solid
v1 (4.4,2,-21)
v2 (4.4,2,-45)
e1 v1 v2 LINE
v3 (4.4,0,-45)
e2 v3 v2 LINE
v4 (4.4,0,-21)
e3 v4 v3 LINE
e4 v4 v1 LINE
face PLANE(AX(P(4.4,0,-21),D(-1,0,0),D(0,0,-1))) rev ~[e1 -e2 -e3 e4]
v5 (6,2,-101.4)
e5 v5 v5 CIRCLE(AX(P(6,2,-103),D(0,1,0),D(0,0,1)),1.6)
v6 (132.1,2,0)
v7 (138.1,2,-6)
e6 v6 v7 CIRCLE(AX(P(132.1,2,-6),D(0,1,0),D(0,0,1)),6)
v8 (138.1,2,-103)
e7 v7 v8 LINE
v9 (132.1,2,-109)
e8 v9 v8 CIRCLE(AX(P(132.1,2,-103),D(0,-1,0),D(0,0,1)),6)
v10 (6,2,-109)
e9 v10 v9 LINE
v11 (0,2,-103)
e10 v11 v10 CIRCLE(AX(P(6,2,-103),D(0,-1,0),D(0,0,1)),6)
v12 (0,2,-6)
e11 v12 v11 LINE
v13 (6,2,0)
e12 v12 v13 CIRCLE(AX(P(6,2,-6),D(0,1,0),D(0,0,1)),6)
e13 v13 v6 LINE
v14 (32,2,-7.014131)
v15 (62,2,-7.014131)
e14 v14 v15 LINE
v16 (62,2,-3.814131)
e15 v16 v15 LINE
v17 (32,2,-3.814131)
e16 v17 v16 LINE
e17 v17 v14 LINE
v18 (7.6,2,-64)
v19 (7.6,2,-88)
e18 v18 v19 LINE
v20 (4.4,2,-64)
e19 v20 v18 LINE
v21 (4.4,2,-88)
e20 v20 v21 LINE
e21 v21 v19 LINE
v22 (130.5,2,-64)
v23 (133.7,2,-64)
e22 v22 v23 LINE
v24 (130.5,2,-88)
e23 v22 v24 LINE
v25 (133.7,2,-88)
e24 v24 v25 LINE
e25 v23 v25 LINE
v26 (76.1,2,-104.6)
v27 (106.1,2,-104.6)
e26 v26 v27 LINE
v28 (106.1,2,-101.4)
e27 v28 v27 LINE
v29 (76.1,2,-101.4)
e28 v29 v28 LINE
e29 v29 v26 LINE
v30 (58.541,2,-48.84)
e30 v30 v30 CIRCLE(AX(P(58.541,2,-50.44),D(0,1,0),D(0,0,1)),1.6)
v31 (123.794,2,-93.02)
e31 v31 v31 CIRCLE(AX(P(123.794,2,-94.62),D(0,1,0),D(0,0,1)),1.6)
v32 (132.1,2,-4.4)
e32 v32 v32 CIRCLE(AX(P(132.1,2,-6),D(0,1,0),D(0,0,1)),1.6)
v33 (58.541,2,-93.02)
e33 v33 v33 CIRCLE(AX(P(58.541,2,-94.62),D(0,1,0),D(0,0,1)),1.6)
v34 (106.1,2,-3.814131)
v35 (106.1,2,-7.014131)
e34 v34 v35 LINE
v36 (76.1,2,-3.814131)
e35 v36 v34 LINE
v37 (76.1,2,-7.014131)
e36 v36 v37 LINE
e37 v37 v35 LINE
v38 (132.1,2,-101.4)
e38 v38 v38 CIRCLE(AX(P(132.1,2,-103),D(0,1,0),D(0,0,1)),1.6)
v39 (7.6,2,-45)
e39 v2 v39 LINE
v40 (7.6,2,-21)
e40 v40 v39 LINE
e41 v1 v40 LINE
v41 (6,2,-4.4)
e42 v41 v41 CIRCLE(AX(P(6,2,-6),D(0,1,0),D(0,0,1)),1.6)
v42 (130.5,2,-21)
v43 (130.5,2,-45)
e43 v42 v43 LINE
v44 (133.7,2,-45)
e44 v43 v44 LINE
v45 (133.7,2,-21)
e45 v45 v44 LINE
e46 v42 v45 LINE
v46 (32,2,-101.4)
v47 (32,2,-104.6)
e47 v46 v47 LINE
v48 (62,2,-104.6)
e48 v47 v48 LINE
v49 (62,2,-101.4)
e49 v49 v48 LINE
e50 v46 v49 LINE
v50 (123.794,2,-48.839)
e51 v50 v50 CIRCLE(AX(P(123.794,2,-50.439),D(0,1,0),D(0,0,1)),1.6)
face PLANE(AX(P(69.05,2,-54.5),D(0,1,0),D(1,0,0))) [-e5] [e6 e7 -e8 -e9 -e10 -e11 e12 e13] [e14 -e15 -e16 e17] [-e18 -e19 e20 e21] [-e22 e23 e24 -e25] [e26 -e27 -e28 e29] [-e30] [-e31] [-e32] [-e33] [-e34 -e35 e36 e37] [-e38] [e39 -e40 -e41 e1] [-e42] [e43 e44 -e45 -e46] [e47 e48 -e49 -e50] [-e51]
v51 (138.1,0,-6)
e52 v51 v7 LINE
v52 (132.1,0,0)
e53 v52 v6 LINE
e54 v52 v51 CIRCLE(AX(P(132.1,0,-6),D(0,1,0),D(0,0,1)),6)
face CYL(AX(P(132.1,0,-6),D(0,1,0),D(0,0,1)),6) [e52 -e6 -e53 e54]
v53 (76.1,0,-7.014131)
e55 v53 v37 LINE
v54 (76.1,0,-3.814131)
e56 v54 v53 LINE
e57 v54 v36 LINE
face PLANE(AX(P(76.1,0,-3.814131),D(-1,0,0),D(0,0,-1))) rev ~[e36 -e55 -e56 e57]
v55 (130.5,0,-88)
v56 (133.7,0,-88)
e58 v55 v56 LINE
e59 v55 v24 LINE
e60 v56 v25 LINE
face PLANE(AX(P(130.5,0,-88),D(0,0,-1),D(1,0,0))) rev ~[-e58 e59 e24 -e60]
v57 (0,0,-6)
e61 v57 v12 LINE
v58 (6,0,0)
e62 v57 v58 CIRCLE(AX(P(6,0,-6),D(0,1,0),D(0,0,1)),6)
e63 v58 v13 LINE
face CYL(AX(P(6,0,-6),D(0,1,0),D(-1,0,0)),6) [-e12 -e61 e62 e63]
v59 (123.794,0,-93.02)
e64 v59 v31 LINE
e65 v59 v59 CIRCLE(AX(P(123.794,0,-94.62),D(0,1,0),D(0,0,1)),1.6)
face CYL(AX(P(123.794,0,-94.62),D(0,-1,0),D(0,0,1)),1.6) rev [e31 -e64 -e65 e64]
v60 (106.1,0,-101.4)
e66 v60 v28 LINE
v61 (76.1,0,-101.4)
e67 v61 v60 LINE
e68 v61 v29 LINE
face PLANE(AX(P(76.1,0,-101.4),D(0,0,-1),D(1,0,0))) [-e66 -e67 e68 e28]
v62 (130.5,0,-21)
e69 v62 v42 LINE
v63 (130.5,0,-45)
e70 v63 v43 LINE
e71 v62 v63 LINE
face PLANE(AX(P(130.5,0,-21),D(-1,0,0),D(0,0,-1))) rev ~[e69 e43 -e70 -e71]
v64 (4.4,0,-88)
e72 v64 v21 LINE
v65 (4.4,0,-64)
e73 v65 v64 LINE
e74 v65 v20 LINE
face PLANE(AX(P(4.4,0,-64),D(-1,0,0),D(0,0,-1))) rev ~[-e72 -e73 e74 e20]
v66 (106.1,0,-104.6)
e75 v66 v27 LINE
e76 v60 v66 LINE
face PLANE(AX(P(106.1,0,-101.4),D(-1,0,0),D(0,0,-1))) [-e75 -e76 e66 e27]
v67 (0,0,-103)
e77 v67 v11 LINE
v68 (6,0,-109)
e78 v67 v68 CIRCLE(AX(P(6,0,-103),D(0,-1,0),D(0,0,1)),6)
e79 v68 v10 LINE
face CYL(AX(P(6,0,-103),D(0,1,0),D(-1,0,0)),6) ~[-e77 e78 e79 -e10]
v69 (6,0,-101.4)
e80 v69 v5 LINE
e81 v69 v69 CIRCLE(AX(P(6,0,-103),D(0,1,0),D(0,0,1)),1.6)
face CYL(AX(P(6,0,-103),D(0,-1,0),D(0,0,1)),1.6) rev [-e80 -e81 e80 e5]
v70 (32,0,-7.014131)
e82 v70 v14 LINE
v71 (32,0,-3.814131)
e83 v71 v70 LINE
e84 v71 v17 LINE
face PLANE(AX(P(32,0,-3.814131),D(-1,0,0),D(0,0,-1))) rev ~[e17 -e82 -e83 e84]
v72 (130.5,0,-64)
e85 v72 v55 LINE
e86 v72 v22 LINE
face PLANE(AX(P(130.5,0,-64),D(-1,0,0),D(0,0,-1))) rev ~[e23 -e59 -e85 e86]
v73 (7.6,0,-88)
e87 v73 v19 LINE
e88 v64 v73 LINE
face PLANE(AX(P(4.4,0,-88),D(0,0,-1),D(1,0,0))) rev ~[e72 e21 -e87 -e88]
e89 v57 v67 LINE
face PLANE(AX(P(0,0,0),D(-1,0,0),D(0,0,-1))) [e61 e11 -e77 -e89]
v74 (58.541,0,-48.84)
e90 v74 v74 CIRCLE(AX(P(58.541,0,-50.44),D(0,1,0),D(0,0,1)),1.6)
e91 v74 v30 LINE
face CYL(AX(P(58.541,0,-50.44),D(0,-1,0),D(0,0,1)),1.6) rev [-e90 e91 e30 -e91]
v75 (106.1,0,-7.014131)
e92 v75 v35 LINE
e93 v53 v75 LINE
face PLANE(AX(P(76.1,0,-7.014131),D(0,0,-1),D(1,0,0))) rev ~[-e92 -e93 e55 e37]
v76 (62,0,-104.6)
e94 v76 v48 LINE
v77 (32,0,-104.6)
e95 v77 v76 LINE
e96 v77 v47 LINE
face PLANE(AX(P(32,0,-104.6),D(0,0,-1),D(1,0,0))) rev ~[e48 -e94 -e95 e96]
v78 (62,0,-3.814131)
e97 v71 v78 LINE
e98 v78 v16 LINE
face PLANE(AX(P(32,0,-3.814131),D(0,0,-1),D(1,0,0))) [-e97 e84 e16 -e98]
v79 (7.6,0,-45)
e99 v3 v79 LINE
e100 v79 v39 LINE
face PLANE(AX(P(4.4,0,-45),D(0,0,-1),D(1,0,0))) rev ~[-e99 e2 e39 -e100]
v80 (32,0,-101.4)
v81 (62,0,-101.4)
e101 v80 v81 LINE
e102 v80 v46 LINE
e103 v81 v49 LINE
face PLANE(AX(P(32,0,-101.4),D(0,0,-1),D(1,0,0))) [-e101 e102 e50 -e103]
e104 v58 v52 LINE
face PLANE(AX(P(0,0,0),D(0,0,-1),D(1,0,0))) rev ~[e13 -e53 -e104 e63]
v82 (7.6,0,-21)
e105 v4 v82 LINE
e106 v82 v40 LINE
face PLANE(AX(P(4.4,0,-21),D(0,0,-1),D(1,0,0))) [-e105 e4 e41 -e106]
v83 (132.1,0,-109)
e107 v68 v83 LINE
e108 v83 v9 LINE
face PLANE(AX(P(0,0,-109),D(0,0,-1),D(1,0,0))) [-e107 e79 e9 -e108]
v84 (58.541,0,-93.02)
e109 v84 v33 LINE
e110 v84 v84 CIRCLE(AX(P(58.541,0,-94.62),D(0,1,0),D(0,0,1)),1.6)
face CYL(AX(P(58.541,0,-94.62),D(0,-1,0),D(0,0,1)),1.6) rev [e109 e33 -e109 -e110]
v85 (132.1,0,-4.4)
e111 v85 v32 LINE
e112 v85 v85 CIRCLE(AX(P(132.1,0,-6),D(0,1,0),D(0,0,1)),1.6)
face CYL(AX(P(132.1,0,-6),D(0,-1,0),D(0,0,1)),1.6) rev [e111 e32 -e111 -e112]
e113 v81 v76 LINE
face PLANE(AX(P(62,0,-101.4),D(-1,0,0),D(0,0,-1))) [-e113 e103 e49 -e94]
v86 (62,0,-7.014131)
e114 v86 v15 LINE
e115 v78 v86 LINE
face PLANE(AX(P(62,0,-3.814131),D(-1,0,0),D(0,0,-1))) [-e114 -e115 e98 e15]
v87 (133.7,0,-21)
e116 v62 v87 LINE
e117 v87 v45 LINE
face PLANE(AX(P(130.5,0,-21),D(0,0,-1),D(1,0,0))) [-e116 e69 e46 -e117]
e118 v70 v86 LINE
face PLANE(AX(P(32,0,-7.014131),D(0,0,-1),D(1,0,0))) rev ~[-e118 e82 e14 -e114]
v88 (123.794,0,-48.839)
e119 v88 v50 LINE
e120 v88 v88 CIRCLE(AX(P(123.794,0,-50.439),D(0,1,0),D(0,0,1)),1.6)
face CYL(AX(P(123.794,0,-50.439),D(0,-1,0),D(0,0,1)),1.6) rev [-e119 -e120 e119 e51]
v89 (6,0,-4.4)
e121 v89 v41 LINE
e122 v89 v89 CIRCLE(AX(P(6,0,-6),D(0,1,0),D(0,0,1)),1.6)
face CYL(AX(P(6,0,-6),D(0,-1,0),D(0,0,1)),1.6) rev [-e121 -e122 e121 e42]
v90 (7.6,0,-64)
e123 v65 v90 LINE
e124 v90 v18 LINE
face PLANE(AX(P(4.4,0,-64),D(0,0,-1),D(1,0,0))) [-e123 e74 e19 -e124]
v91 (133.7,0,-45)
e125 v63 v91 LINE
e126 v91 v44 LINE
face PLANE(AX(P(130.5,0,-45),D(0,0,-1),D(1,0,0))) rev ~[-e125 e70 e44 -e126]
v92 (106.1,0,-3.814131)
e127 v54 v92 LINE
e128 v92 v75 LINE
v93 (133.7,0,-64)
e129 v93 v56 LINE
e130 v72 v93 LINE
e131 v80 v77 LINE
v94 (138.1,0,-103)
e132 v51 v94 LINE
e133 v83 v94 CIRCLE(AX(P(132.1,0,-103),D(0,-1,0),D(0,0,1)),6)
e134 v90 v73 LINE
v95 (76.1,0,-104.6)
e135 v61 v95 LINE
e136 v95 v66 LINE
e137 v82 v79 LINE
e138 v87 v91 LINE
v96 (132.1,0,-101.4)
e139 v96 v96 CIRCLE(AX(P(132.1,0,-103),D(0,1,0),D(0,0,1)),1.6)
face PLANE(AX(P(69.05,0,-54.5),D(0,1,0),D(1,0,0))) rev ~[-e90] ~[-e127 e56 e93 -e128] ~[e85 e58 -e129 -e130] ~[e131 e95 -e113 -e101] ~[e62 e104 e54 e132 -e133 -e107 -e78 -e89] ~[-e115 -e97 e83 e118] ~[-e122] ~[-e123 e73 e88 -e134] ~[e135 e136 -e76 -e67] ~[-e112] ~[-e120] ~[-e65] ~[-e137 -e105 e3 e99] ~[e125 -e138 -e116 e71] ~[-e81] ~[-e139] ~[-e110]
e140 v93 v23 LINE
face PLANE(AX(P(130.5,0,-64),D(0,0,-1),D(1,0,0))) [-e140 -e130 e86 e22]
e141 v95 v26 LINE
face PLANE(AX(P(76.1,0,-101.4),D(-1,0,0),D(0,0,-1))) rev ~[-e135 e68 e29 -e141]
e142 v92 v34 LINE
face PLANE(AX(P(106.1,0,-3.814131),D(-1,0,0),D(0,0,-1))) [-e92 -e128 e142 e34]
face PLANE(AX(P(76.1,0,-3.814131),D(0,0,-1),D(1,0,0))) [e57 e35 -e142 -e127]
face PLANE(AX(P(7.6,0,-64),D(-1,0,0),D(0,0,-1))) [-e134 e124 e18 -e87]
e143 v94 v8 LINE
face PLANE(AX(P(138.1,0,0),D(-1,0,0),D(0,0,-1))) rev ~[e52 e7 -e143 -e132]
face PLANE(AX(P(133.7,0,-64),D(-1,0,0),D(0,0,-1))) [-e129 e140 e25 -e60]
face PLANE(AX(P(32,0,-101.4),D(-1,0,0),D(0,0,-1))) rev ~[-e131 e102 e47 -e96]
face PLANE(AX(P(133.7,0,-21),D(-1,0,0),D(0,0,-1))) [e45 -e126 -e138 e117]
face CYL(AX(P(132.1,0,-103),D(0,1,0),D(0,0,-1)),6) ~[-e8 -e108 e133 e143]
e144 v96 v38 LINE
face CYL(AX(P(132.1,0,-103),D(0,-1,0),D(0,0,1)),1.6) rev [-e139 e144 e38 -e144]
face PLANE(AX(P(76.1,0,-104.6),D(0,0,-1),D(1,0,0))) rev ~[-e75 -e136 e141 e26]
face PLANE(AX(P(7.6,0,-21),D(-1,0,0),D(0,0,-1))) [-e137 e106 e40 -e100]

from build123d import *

# Parameters (mm, degrees)
SKETCH1_W           = 138.1
SKETCH1_H           = 109
SKETCH1_R           = 1.6
SKETCH1_W_2         = 30
SKETCH1_H_2         = 3.2
SKETCH1_W_3         = 3.2
SKETCH1_H_3         = 24
BOSS_EXTRUDE1_DEPTH = 2
FILLET1_R           = 6
FILLET2_R           = 6
FILLET3_R           = 6


with BuildPart() as part:
    # Sketch1 → Boss-Extrude1 (new body)
    with BuildSketch(Plane(origin=(0, 0, 0), x_dir=(1, 0, 0), z_dir=(0, 1, 0))):
        with Locations((69.05, 54.5)):
            Rectangle(SKETCH1_W, SKETCH1_H)
        with Locations(Location((58.541, 94.62, 0), (0, 0, 270))):
            Circle(SKETCH1_R, mode=Mode.SUBTRACT)
        with Locations(Location((123.794, 94.62, 0), (0, 0, 270))):
            Circle(SKETCH1_R, mode=Mode.SUBTRACT)
        with Locations(Location((123.794, 50.439, 0), (0, 0, 270))):
            Circle(SKETCH1_R, mode=Mode.SUBTRACT)
        with Locations(Location((58.541, 50.44, 0), (0, 0, 270))):
            Circle(SKETCH1_R, mode=Mode.SUBTRACT)
        with Locations(Location((6, 103, 0), (0, 0, 270))):
            Circle(SKETCH1_R, mode=Mode.SUBTRACT)
        with Locations(Location((132.1, 103, 0), (0, 0, 270))):
            Circle(SKETCH1_R, mode=Mode.SUBTRACT)
        with Locations(Location((132.1, 6, 0), (0, 0, 270))):
            Circle(SKETCH1_R, mode=Mode.SUBTRACT)
        with Locations(Location((6, 6, 0), (0, 0, 270))):
            Circle(SKETCH1_R, mode=Mode.SUBTRACT)
        with Locations((47, 5.414130674)):
            Rectangle(SKETCH1_W_2, SKETCH1_H_2, mode=Mode.SUBTRACT)
        with Locations((47, 103)):
            Rectangle(SKETCH1_W_2, SKETCH1_H_2, mode=Mode.SUBTRACT)
        with Locations((91.1, 103)):
            Rectangle(SKETCH1_W_2, SKETCH1_H_2, mode=Mode.SUBTRACT)
        with Locations((91.1, 5.414130674)):
            Rectangle(SKETCH1_W_2, SKETCH1_H_2, mode=Mode.SUBTRACT)
        with Locations((6, 76)):
            Rectangle(SKETCH1_W_3, SKETCH1_H_3, mode=Mode.SUBTRACT)
        with Locations((6, 33)):
            Rectangle(SKETCH1_W_3, SKETCH1_H_3, mode=Mode.SUBTRACT)
        with Locations((132.1, 76)):
            Rectangle(SKETCH1_W_3, SKETCH1_H_3, mode=Mode.SUBTRACT)
        with Locations((132.1, 33)):
            Rectangle(SKETCH1_W_3, SKETCH1_H_3, mode=Mode.SUBTRACT)
    extrude(amount=BOSS_EXTRUDE1_DEPTH)

    # Fillet1
    fillet1_edges = [part.edges().sort_by_distance(p)[0] for p in [
        (0, 1, -109),
    ]]
    fillet(fillet1_edges, radius=FILLET1_R)

    # Fillet2
    fillet2_edges = [part.edges().sort_by_distance(p)[0] for p in [
        (0, 1, 0),
    ]]
    fillet(fillet2_edges, radius=FILLET2_R)

    # Fillet3
    fillet3_edges = [part.edges().sort_by_distance(p)[0] for p in [
        (138.1, 1, -109),
        (138.1, 1, 0),
    ]]
    fillet(fillet3_edges, radius=FILLET3_R)


solid = part.part
